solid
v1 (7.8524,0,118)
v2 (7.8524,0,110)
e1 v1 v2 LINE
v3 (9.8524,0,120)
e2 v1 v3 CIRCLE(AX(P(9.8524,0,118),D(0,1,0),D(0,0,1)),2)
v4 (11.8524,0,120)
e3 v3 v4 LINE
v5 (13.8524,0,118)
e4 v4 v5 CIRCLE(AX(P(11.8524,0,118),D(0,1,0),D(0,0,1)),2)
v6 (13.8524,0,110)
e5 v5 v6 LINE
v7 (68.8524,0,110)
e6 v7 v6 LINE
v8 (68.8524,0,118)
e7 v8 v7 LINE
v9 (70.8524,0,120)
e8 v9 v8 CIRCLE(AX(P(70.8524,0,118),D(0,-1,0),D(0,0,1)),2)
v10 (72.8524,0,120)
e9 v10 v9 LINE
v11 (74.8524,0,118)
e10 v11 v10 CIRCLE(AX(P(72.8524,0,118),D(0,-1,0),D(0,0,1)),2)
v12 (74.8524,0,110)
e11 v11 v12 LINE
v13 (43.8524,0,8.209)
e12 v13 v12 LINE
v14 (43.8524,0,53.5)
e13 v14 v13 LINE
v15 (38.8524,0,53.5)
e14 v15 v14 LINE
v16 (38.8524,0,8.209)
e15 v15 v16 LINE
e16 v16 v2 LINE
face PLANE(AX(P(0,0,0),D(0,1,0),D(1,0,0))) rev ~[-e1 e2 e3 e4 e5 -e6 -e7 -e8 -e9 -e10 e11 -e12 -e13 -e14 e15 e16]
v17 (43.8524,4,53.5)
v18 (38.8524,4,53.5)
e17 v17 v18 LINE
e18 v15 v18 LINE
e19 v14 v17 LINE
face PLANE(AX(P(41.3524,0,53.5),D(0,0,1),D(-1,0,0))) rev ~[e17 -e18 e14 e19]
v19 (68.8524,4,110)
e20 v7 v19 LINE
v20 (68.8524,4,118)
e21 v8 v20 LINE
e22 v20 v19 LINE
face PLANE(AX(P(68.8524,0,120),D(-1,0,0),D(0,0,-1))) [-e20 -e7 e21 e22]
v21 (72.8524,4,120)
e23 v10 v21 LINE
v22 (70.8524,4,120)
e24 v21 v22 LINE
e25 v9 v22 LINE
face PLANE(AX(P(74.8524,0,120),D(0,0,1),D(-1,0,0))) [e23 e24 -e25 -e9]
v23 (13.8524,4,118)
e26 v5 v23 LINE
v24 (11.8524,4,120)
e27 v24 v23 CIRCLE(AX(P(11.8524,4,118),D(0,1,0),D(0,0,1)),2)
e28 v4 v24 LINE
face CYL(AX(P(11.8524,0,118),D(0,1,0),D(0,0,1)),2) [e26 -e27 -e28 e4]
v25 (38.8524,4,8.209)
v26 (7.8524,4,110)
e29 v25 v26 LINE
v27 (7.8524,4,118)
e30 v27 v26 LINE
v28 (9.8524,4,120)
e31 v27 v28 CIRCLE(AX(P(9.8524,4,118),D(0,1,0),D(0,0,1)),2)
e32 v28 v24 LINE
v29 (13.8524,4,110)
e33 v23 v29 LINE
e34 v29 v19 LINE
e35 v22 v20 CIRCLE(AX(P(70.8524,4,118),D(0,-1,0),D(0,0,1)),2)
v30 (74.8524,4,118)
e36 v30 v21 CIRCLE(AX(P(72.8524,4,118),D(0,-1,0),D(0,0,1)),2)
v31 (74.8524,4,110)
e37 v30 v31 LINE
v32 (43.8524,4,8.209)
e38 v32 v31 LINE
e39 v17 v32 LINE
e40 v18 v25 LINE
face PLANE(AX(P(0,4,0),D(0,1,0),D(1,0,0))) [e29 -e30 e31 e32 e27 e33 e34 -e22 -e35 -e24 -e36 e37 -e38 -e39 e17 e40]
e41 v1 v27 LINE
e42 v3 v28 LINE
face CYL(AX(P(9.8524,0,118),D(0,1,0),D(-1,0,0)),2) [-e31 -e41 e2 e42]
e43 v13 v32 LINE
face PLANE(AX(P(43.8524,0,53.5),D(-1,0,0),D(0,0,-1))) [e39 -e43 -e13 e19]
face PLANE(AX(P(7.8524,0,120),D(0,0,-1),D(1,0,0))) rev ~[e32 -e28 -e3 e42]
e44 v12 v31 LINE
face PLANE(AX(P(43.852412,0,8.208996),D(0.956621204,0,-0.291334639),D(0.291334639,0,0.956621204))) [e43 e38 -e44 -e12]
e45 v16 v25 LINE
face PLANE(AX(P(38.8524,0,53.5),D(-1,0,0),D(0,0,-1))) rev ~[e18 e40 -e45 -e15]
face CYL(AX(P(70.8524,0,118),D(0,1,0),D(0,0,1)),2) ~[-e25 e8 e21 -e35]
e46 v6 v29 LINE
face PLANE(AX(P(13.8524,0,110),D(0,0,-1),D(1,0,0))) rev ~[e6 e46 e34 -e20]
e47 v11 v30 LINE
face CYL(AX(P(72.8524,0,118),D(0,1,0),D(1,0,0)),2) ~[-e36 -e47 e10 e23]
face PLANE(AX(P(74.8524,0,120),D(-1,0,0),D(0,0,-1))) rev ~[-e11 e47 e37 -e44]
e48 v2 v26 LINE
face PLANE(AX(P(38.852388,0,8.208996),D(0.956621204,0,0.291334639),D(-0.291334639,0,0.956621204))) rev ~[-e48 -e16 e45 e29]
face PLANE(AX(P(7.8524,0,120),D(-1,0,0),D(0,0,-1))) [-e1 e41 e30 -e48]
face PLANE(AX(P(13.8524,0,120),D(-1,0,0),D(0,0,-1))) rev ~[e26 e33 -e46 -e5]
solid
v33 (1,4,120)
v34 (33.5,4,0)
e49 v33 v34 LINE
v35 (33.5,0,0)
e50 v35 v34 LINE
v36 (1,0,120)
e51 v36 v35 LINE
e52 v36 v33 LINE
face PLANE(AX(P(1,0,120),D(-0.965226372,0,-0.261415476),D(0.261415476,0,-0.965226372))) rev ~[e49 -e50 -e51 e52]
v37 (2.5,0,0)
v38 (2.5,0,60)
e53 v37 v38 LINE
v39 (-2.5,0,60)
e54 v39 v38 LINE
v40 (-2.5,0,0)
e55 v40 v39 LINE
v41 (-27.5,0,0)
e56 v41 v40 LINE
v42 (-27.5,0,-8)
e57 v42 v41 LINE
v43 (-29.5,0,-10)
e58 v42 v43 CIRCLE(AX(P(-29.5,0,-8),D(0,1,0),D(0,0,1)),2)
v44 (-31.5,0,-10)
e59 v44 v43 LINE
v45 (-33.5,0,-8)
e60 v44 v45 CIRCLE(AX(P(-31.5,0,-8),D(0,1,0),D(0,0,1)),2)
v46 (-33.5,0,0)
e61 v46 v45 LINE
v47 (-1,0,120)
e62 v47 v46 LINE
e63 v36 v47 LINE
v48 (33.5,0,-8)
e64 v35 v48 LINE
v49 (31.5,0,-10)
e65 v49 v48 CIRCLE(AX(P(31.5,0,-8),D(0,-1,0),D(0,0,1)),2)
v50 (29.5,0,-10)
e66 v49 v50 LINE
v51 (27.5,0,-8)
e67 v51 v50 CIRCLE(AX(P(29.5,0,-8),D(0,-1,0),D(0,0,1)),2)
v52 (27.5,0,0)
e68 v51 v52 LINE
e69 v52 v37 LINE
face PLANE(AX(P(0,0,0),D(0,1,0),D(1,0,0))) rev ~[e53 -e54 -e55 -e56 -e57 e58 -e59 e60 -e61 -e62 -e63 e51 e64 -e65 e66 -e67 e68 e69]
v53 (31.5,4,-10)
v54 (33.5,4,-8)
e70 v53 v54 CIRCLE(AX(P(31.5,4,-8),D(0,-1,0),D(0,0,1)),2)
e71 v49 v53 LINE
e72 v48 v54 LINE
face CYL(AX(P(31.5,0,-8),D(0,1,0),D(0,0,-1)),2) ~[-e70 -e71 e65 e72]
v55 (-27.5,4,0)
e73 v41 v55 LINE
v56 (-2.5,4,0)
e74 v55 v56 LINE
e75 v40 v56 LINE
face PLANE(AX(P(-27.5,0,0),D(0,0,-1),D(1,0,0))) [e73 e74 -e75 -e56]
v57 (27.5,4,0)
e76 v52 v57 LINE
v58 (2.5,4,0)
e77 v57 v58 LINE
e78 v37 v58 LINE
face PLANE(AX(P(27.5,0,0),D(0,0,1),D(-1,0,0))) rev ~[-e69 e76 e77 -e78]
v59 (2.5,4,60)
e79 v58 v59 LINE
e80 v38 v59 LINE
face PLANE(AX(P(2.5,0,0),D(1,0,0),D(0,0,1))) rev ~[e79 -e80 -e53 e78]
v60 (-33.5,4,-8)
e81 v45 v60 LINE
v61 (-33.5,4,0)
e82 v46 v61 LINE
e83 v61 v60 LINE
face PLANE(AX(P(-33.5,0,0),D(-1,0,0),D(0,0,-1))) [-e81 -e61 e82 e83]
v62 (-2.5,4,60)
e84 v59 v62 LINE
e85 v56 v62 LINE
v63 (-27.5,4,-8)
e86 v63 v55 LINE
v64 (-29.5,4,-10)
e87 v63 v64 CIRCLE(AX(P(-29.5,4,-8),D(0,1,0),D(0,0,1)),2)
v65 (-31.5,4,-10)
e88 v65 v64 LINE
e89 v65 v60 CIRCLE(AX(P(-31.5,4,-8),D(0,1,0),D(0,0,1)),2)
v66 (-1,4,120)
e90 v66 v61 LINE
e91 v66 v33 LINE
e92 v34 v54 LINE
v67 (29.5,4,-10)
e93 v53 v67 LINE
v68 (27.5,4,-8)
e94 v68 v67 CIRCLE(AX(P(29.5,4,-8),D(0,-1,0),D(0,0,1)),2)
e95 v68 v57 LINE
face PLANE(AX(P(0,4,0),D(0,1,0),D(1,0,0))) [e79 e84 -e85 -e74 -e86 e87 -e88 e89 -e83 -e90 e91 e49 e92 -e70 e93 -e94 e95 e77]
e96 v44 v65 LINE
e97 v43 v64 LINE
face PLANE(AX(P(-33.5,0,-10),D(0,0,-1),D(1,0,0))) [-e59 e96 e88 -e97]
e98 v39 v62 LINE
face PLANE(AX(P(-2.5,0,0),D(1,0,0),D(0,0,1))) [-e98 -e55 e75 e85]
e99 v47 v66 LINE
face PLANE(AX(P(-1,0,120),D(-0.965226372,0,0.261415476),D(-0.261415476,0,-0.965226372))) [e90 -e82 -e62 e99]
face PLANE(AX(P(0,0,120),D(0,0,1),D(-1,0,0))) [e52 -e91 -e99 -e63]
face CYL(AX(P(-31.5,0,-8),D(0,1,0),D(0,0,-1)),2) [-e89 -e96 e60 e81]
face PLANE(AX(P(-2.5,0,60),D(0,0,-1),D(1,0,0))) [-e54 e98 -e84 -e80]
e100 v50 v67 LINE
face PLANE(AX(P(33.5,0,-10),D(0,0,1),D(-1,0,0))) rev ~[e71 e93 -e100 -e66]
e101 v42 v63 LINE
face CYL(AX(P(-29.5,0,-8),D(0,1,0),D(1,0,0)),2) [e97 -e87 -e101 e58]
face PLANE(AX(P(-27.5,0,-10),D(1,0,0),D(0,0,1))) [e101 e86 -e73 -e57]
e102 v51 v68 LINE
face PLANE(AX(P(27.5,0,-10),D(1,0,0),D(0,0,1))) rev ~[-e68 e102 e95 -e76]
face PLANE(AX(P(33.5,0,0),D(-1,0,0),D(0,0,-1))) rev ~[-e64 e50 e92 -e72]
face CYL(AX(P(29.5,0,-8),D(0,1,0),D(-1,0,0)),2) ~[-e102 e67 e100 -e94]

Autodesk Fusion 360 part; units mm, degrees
sketch "Skizze1" plane through (0, 0, 0) normal (0, 1, 0) x (1, 0, 0)
  line L0 (-27.5, 0) -> (0, 0)
  line L1 (0, 0) -> (0, -120)
  line L2 (0, -120) -> (-1, -120)
  line L3 (-1, -120) -> (-33.5, 0)
  line L4 (-33.5, 0) -> (-33.5, 10)
  line L5 (-33.5, 10) -> (-27.5, 10)
  line L6 (-27.5, 10) -> (-27.5, 0)
  line L7 (0, 0) -> (-2.5, 0)
  line L8 (-2.5, 0) -> (-2.5, -60)
  line L9 (-2.5, -60) -> (0, -60)
  line L10 (0, -60) -> (0, 0)
  line L11 (2.5, -60) -> (0, -60)
  line L12 (0, 0) -> (2.5, 0)
  line L13 (0, -120) -> (1, -120)
  line L14 (33.5, 0) -> (33.5, 10)
  line L15 (33.5, 10) -> (27.5, 10)
  line L16 (2.5, 0) -> (2.5, -60)
  line L17 (0, 0) -> (0, -120)
  line L18 (27.5, 10) -> (27.5, 0)
  line L19 (1, -120) -> (33.5, 0)
  line L20 (27.5, 0) -> (0, 0)
  line L21 (7.8524, -120) -> (7.8524, -110)
  line L22 (7.8524, -120) -> (13.8524, -120)
  line L23 (13.8524, -120) -> (13.8524, -110)
  line L24 (13.8524, -110) -> (41.3524, -110)
  line L25 (41.3524, -110) -> (41.3524, 0)
  line L26 (41.3524, 0) -> (7.8524, -110)
  line L27 (41.3524, -53.5) -> (38.8524, -53.5)
  line L28 (38.8524, -53.5) -> (38.8524, -8.209)
  line L29 (41.3524, 0) -> (74.8524, -110)
  line L30 (74.8524, -120) -> (74.8524, -110)
  line L31 (74.8524, -120) -> (68.8524, -120)
  line L32 (68.8524, -120) -> (68.8524, -110)
  line L33 (68.8524, -110) -> (41.3524, -110)
  line L34 (43.8524, -53.5) -> (43.8524, -8.209)
  line L35 (41.3524, -53.5) -> (43.8524, -53.5)
  dimension "d1" = 6
  dimension "d3" = 1
  dimension "d5" = 10
  dimension "d6" = 60
  dimension "d7" = 2.5
  dimension "d15" = 56.5
  dimension "d20" = 4
  dimension "d22" = 120
  dimension "d25" = 55
extrude "Extrusion1" add sketch "Skizze1" along normal blind 4 contours L0 L1 L2 L3 L4 L5 L6 L8 L9 L17 | L1 L11 L13 L14 L15 L16 L17 L18 L19 L20 | L21 L22 L23 L24 L25 L26 L27 L28 | L25 L29 L30 L31 L32 L33 L34 L35 makes body 1 at (-10.8333, 0, 20) makes body 2 at (41.3524, 0, 91.1667)
fillet "Abrundung1" radius 2 8 edges at (33.5, 2, -10) (27.5, 2, -10) (-27.5, 2, -10) (-33.5, 2, -10) (7.8524, 2, 120) (13.8524, 2, 120) (68.8524, 2, 120) (74.8524, 2, 120) on bodies 1 2
equation "d6 = d22 / 2"
equation "d15 = d6 - 3.5 mm"
